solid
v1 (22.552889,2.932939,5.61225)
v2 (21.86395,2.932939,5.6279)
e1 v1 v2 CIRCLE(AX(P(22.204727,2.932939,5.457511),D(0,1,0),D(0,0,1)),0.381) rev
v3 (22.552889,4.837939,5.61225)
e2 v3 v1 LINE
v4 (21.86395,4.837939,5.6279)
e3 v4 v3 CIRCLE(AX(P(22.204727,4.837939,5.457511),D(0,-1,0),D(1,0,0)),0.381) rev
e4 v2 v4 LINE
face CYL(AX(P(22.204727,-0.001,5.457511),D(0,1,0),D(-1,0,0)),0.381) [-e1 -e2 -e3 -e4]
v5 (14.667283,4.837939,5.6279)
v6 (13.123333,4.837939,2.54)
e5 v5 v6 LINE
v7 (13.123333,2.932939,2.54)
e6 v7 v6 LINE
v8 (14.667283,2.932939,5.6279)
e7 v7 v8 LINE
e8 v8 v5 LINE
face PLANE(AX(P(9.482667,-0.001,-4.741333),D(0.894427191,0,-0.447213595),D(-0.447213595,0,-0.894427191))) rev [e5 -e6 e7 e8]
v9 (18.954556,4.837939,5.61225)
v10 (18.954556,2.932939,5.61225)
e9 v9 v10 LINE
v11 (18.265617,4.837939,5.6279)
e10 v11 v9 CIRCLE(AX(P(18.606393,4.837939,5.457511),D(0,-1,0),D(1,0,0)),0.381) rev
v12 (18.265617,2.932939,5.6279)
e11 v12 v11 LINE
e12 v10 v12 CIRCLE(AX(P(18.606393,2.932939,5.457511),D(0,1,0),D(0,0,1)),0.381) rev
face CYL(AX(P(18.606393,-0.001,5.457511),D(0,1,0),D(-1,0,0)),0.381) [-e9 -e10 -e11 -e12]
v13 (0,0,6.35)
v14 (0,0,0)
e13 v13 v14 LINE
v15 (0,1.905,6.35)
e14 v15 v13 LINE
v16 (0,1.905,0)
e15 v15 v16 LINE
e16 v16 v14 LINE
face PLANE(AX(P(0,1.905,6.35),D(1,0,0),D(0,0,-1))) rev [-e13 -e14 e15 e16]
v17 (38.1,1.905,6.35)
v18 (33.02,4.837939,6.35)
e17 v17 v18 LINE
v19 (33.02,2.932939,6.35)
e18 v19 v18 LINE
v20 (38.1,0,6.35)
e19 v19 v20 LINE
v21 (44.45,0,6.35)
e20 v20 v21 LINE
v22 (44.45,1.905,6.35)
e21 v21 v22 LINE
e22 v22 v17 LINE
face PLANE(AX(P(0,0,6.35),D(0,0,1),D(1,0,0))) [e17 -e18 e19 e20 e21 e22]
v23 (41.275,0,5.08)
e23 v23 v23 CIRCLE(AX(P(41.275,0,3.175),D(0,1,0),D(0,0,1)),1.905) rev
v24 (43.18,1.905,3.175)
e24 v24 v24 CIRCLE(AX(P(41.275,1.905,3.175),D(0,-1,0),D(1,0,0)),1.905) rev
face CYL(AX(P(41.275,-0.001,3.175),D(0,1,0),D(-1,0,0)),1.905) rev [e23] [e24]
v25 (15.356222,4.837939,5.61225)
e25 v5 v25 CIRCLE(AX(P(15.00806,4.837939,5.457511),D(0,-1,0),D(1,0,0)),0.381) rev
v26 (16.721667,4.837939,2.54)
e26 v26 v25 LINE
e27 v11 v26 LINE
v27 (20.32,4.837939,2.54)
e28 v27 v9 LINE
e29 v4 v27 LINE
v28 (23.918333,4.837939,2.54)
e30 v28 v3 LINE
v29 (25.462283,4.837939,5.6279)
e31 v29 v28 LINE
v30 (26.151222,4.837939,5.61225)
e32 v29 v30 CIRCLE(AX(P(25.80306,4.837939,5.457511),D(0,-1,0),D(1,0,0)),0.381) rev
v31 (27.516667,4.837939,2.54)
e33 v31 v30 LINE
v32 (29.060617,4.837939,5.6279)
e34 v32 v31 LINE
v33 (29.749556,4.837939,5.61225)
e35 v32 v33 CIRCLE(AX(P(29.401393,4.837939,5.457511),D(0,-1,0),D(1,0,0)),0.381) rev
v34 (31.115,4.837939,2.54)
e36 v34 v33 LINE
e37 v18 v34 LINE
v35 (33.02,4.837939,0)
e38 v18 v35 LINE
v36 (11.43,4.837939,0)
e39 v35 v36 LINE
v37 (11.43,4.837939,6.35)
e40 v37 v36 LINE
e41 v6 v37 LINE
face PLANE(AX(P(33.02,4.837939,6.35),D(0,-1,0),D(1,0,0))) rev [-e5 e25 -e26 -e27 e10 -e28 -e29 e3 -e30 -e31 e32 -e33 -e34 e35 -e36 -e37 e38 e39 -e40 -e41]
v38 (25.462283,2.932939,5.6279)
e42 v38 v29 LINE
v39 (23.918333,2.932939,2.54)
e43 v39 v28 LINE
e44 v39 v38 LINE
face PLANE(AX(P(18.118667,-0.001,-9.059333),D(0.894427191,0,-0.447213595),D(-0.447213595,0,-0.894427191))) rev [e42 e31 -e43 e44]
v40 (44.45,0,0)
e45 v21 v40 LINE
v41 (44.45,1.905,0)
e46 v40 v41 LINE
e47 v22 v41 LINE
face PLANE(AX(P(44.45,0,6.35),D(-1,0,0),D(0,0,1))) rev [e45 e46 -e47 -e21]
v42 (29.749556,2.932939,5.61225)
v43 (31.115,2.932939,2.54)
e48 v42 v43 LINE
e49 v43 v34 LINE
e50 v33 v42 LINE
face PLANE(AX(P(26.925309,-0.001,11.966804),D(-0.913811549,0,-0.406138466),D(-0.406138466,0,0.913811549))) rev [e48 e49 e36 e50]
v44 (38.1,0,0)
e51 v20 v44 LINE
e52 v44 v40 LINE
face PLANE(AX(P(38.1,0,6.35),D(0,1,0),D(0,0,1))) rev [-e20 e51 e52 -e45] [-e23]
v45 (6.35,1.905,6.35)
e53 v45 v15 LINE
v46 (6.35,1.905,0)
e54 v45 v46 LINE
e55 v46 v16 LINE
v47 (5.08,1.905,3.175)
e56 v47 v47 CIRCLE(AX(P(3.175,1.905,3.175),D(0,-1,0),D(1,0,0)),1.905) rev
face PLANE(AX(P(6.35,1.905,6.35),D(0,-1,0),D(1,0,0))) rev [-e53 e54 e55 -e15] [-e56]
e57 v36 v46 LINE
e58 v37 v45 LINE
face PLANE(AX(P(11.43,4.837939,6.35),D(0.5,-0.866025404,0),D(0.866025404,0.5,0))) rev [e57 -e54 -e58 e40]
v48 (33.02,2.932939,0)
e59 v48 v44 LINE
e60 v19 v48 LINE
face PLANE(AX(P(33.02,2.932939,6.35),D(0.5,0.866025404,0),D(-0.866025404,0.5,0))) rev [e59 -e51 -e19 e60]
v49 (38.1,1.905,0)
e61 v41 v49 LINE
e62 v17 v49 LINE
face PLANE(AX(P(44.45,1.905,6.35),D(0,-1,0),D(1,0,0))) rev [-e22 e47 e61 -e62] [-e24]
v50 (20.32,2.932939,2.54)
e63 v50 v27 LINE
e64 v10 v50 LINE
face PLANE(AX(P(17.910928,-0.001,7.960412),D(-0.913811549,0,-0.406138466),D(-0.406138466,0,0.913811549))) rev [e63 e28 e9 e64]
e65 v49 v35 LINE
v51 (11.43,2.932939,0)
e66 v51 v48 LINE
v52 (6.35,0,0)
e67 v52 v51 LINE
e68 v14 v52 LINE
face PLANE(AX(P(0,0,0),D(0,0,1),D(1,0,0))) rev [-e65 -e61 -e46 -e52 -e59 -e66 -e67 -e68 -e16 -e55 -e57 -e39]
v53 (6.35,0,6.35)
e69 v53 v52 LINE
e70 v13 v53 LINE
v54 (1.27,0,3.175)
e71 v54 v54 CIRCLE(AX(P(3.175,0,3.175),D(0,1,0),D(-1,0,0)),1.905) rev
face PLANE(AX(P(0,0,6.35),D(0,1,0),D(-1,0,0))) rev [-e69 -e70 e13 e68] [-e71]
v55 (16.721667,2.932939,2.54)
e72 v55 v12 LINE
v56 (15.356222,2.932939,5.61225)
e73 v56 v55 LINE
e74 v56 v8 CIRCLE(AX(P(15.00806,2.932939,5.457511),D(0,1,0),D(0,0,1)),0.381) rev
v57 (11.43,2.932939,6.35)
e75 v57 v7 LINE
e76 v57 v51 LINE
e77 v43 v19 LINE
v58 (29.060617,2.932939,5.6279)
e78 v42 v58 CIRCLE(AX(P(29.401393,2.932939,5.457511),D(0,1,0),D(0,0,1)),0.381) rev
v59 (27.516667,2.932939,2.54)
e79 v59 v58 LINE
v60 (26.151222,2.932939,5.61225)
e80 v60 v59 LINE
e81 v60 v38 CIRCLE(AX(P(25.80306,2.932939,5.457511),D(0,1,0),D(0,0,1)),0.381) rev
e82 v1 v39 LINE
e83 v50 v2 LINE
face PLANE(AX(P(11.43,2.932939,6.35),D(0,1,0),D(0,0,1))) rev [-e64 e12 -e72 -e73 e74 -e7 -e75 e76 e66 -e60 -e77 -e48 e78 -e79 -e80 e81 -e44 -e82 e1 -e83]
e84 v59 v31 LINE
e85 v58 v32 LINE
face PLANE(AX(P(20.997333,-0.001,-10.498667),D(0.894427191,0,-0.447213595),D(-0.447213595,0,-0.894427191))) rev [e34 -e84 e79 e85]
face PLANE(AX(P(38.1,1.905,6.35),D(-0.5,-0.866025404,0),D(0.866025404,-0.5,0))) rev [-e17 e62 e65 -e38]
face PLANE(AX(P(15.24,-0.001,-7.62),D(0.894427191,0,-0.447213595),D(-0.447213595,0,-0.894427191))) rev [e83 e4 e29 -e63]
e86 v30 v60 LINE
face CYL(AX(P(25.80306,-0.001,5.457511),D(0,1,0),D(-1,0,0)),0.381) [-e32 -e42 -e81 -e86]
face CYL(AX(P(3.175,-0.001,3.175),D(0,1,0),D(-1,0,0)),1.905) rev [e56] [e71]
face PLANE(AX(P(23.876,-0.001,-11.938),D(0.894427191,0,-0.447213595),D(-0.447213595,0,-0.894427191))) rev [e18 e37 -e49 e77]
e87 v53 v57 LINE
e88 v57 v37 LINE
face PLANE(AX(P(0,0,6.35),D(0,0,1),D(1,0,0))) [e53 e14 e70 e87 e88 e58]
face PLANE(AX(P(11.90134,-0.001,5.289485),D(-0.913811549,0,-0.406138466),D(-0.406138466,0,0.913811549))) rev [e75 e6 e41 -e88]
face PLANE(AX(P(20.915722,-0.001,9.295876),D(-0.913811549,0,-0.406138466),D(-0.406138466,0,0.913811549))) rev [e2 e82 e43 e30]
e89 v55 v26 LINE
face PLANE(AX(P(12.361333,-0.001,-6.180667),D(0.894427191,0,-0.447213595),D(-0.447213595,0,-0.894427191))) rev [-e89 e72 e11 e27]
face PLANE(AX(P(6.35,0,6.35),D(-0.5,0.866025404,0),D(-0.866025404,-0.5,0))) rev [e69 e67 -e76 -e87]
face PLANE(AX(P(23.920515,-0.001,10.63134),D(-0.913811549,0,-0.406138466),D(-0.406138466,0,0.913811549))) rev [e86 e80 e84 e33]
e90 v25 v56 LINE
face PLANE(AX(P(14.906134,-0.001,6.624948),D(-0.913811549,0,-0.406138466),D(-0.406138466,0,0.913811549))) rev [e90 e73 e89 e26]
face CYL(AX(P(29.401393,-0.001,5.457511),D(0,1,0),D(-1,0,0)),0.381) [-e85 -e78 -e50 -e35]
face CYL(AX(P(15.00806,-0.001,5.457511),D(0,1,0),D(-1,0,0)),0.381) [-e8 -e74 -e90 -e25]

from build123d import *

# Parameters (mm, degrees)
BASE_EXTRUDE_DEPTH = 6.35
HOLE_CUTS_REACH    = 47.161
SKETCH2_R          = 1.905
TEETH_CUTS_REACH   = 47.161
TEETH_FILLET_R     = 0.381


with BuildPart() as part:
    # Sketch1 → Base Extrude (new body)
    with BuildSketch(Plane.XY):
        Polygon((0, 0), (6.35, 0), (11.43, 2.932939367), (33.02, 2.932939367), (38.1, 0), (44.45, 0), (44.45, 1.905), (38.1, 1.905), (33.02, 4.837939367), (11.43, 4.837939367), (6.35, 1.905), (0, 1.905), align=None)
    extrude(amount=BASE_EXTRUDE_DEPTH)

    # Sketch2 → Hole Cuts (cut, up to next)
    with BuildSketch(Plane(origin=(0, 4.837939367, 0), x_dir=(1, 0, 0), z_dir=(0, 1, 0)), mode=Mode.PRIVATE) as hole_cuts_sk1:
        with Locations(Location((41.275, -3.175, 0), (0, 0, 270))):
            Circle(SKETCH2_R)
    hole_cuts_tool1 = extrude(hole_cuts_sk1.sketch, amount=-HOLE_CUTS_REACH, mode=Mode.PRIVATE) & part.part
    # Sketch2 → Hole Cuts (cut, up to next)
    with BuildSketch(Plane(origin=(0, 4.837939367, 0), x_dir=(1, 0, 0), z_dir=(0, 1, 0)), mode=Mode.PRIVATE) as hole_cuts_sk2:
        with Locations(Location((3.175, -3.175, 0), (0, 0, 180))):
            Circle(SKETCH2_R)
    hole_cuts_tool2 = extrude(hole_cuts_sk2.sketch, amount=-HOLE_CUTS_REACH, mode=Mode.PRIVATE) & part.part
    add(hole_cuts_tool1.solids().sort_by_distance((41.275, 4.837939, 3.175))[0], mode=Mode.SUBTRACT)
    add(hole_cuts_tool2.solids().sort_by_distance((3.175, 4.837939, 3.175))[0], mode=Mode.SUBTRACT)

    # Sketch3 → Teeth Cuts (cut, up to next)
    with BuildSketch(Plane(origin=(0, 4.837939367, 0), x_dir=(1, 0, 0), z_dir=(0, 1, 0)), mode=Mode.PRIVATE) as teeth_cuts_sk1:
        Polygon((25.823333333, -6.35), (29.421666667, -6.35), (27.516666667, -2.54), align=None)
    teeth_cuts_tool1 = extrude(teeth_cuts_sk1.sketch, amount=-TEETH_CUTS_REACH, mode=Mode.PRIVATE) & part.part
    # Sketch3 → Teeth Cuts (cut, up to next)
    with BuildSketch(Plane(origin=(0, 4.837939367, 0), x_dir=(1, 0, 0), z_dir=(0, 1, 0)), mode=Mode.PRIVATE) as teeth_cuts_sk2:
        Polygon((29.421666667, -6.35), (33.02, -6.35), (31.115, -2.54), align=None)
    teeth_cuts_tool2 = extrude(teeth_cuts_sk2.sketch, amount=-TEETH_CUTS_REACH, mode=Mode.PRIVATE) & part.part
    # Sketch3 → Teeth Cuts (cut, up to next)
    with BuildSketch(Plane(origin=(0, 4.837939367, 0), x_dir=(1, 0, 0), z_dir=(0, 1, 0)), mode=Mode.PRIVATE) as teeth_cuts_sk3:
        Polygon((22.225, -6.35), (25.823333333, -6.35), (23.918333333, -2.54), align=None)
    teeth_cuts_tool3 = extrude(teeth_cuts_sk3.sketch, amount=-TEETH_CUTS_REACH, mode=Mode.PRIVATE) & part.part
    # Sketch3 → Teeth Cuts (cut, up to next)
    with BuildSketch(Plane(origin=(0, 4.837939367, 0), x_dir=(1, 0, 0), z_dir=(0, 1, 0)), mode=Mode.PRIVATE) as teeth_cuts_sk4:
        Polygon((18.626666667, -6.35), (22.225, -6.35), (20.32, -2.54), align=None)
    teeth_cuts_tool4 = extrude(teeth_cuts_sk4.sketch, amount=-TEETH_CUTS_REACH, mode=Mode.PRIVATE) & part.part
    # Sketch3 → Teeth Cuts (cut, up to next)
    with BuildSketch(Plane(origin=(0, 4.837939367, 0), x_dir=(1, 0, 0), z_dir=(0, 1, 0)), mode=Mode.PRIVATE) as teeth_cuts_sk5:
        Polygon((15.028333333, -6.35), (18.626666667, -6.35), (16.721666667, -2.54), align=None)
    teeth_cuts_tool5 = extrude(teeth_cuts_sk5.sketch, amount=-TEETH_CUTS_REACH, mode=Mode.PRIVATE) & part.part
    # Sketch3 → Teeth Cuts (cut, up to next)
    with BuildSketch(Plane(origin=(0, 4.837939367, 0), x_dir=(1, 0, 0), z_dir=(0, 1, 0)), mode=Mode.PRIVATE) as teeth_cuts_sk6:
        Polygon((11.43, -6.35), (15.028333333, -6.35), (13.123333333, -2.54), align=None)
    teeth_cuts_tool6 = extrude(teeth_cuts_sk6.sketch, amount=-TEETH_CUTS_REACH, mode=Mode.PRIVATE) & part.part
    add(teeth_cuts_tool1.solids().sort_by_distance((27.587222, 4.837939, 5.08))[0], mode=Mode.SUBTRACT)
    add(teeth_cuts_tool2.solids().sort_by_distance((31.185556, 4.837939, 5.08))[0], mode=Mode.SUBTRACT)
    add(teeth_cuts_tool3.solids().sort_by_distance((23.988889, 4.837939, 5.08))[0], mode=Mode.SUBTRACT)
    add(teeth_cuts_tool4.solids().sort_by_distance((20.390556, 4.837939, 5.08))[0], mode=Mode.SUBTRACT)
    add(teeth_cuts_tool5.solids().sort_by_distance((16.792222, 4.837939, 5.08))[0], mode=Mode.SUBTRACT)
    add(teeth_cuts_tool6.solids().sort_by_distance((13.193889, 4.837939, 5.08))[0], mode=Mode.SUBTRACT)

    # Teeth Fillet
    teeth_fillet_edges = [part.edges().sort_by_distance(p)[0] for p in [
        (29.421666667, 3.885439367, 6.35),
        (25.823333333, 3.885439367, 6.35),
        (18.626666667, 3.885439367, 6.35),
        (22.225, 3.885439367, 6.35),
        (15.028333333, 3.885439367, 6.35),
    ]]
    fillet(teeth_fillet_edges, radius=TEETH_FILLET_R)


solid = part.part
